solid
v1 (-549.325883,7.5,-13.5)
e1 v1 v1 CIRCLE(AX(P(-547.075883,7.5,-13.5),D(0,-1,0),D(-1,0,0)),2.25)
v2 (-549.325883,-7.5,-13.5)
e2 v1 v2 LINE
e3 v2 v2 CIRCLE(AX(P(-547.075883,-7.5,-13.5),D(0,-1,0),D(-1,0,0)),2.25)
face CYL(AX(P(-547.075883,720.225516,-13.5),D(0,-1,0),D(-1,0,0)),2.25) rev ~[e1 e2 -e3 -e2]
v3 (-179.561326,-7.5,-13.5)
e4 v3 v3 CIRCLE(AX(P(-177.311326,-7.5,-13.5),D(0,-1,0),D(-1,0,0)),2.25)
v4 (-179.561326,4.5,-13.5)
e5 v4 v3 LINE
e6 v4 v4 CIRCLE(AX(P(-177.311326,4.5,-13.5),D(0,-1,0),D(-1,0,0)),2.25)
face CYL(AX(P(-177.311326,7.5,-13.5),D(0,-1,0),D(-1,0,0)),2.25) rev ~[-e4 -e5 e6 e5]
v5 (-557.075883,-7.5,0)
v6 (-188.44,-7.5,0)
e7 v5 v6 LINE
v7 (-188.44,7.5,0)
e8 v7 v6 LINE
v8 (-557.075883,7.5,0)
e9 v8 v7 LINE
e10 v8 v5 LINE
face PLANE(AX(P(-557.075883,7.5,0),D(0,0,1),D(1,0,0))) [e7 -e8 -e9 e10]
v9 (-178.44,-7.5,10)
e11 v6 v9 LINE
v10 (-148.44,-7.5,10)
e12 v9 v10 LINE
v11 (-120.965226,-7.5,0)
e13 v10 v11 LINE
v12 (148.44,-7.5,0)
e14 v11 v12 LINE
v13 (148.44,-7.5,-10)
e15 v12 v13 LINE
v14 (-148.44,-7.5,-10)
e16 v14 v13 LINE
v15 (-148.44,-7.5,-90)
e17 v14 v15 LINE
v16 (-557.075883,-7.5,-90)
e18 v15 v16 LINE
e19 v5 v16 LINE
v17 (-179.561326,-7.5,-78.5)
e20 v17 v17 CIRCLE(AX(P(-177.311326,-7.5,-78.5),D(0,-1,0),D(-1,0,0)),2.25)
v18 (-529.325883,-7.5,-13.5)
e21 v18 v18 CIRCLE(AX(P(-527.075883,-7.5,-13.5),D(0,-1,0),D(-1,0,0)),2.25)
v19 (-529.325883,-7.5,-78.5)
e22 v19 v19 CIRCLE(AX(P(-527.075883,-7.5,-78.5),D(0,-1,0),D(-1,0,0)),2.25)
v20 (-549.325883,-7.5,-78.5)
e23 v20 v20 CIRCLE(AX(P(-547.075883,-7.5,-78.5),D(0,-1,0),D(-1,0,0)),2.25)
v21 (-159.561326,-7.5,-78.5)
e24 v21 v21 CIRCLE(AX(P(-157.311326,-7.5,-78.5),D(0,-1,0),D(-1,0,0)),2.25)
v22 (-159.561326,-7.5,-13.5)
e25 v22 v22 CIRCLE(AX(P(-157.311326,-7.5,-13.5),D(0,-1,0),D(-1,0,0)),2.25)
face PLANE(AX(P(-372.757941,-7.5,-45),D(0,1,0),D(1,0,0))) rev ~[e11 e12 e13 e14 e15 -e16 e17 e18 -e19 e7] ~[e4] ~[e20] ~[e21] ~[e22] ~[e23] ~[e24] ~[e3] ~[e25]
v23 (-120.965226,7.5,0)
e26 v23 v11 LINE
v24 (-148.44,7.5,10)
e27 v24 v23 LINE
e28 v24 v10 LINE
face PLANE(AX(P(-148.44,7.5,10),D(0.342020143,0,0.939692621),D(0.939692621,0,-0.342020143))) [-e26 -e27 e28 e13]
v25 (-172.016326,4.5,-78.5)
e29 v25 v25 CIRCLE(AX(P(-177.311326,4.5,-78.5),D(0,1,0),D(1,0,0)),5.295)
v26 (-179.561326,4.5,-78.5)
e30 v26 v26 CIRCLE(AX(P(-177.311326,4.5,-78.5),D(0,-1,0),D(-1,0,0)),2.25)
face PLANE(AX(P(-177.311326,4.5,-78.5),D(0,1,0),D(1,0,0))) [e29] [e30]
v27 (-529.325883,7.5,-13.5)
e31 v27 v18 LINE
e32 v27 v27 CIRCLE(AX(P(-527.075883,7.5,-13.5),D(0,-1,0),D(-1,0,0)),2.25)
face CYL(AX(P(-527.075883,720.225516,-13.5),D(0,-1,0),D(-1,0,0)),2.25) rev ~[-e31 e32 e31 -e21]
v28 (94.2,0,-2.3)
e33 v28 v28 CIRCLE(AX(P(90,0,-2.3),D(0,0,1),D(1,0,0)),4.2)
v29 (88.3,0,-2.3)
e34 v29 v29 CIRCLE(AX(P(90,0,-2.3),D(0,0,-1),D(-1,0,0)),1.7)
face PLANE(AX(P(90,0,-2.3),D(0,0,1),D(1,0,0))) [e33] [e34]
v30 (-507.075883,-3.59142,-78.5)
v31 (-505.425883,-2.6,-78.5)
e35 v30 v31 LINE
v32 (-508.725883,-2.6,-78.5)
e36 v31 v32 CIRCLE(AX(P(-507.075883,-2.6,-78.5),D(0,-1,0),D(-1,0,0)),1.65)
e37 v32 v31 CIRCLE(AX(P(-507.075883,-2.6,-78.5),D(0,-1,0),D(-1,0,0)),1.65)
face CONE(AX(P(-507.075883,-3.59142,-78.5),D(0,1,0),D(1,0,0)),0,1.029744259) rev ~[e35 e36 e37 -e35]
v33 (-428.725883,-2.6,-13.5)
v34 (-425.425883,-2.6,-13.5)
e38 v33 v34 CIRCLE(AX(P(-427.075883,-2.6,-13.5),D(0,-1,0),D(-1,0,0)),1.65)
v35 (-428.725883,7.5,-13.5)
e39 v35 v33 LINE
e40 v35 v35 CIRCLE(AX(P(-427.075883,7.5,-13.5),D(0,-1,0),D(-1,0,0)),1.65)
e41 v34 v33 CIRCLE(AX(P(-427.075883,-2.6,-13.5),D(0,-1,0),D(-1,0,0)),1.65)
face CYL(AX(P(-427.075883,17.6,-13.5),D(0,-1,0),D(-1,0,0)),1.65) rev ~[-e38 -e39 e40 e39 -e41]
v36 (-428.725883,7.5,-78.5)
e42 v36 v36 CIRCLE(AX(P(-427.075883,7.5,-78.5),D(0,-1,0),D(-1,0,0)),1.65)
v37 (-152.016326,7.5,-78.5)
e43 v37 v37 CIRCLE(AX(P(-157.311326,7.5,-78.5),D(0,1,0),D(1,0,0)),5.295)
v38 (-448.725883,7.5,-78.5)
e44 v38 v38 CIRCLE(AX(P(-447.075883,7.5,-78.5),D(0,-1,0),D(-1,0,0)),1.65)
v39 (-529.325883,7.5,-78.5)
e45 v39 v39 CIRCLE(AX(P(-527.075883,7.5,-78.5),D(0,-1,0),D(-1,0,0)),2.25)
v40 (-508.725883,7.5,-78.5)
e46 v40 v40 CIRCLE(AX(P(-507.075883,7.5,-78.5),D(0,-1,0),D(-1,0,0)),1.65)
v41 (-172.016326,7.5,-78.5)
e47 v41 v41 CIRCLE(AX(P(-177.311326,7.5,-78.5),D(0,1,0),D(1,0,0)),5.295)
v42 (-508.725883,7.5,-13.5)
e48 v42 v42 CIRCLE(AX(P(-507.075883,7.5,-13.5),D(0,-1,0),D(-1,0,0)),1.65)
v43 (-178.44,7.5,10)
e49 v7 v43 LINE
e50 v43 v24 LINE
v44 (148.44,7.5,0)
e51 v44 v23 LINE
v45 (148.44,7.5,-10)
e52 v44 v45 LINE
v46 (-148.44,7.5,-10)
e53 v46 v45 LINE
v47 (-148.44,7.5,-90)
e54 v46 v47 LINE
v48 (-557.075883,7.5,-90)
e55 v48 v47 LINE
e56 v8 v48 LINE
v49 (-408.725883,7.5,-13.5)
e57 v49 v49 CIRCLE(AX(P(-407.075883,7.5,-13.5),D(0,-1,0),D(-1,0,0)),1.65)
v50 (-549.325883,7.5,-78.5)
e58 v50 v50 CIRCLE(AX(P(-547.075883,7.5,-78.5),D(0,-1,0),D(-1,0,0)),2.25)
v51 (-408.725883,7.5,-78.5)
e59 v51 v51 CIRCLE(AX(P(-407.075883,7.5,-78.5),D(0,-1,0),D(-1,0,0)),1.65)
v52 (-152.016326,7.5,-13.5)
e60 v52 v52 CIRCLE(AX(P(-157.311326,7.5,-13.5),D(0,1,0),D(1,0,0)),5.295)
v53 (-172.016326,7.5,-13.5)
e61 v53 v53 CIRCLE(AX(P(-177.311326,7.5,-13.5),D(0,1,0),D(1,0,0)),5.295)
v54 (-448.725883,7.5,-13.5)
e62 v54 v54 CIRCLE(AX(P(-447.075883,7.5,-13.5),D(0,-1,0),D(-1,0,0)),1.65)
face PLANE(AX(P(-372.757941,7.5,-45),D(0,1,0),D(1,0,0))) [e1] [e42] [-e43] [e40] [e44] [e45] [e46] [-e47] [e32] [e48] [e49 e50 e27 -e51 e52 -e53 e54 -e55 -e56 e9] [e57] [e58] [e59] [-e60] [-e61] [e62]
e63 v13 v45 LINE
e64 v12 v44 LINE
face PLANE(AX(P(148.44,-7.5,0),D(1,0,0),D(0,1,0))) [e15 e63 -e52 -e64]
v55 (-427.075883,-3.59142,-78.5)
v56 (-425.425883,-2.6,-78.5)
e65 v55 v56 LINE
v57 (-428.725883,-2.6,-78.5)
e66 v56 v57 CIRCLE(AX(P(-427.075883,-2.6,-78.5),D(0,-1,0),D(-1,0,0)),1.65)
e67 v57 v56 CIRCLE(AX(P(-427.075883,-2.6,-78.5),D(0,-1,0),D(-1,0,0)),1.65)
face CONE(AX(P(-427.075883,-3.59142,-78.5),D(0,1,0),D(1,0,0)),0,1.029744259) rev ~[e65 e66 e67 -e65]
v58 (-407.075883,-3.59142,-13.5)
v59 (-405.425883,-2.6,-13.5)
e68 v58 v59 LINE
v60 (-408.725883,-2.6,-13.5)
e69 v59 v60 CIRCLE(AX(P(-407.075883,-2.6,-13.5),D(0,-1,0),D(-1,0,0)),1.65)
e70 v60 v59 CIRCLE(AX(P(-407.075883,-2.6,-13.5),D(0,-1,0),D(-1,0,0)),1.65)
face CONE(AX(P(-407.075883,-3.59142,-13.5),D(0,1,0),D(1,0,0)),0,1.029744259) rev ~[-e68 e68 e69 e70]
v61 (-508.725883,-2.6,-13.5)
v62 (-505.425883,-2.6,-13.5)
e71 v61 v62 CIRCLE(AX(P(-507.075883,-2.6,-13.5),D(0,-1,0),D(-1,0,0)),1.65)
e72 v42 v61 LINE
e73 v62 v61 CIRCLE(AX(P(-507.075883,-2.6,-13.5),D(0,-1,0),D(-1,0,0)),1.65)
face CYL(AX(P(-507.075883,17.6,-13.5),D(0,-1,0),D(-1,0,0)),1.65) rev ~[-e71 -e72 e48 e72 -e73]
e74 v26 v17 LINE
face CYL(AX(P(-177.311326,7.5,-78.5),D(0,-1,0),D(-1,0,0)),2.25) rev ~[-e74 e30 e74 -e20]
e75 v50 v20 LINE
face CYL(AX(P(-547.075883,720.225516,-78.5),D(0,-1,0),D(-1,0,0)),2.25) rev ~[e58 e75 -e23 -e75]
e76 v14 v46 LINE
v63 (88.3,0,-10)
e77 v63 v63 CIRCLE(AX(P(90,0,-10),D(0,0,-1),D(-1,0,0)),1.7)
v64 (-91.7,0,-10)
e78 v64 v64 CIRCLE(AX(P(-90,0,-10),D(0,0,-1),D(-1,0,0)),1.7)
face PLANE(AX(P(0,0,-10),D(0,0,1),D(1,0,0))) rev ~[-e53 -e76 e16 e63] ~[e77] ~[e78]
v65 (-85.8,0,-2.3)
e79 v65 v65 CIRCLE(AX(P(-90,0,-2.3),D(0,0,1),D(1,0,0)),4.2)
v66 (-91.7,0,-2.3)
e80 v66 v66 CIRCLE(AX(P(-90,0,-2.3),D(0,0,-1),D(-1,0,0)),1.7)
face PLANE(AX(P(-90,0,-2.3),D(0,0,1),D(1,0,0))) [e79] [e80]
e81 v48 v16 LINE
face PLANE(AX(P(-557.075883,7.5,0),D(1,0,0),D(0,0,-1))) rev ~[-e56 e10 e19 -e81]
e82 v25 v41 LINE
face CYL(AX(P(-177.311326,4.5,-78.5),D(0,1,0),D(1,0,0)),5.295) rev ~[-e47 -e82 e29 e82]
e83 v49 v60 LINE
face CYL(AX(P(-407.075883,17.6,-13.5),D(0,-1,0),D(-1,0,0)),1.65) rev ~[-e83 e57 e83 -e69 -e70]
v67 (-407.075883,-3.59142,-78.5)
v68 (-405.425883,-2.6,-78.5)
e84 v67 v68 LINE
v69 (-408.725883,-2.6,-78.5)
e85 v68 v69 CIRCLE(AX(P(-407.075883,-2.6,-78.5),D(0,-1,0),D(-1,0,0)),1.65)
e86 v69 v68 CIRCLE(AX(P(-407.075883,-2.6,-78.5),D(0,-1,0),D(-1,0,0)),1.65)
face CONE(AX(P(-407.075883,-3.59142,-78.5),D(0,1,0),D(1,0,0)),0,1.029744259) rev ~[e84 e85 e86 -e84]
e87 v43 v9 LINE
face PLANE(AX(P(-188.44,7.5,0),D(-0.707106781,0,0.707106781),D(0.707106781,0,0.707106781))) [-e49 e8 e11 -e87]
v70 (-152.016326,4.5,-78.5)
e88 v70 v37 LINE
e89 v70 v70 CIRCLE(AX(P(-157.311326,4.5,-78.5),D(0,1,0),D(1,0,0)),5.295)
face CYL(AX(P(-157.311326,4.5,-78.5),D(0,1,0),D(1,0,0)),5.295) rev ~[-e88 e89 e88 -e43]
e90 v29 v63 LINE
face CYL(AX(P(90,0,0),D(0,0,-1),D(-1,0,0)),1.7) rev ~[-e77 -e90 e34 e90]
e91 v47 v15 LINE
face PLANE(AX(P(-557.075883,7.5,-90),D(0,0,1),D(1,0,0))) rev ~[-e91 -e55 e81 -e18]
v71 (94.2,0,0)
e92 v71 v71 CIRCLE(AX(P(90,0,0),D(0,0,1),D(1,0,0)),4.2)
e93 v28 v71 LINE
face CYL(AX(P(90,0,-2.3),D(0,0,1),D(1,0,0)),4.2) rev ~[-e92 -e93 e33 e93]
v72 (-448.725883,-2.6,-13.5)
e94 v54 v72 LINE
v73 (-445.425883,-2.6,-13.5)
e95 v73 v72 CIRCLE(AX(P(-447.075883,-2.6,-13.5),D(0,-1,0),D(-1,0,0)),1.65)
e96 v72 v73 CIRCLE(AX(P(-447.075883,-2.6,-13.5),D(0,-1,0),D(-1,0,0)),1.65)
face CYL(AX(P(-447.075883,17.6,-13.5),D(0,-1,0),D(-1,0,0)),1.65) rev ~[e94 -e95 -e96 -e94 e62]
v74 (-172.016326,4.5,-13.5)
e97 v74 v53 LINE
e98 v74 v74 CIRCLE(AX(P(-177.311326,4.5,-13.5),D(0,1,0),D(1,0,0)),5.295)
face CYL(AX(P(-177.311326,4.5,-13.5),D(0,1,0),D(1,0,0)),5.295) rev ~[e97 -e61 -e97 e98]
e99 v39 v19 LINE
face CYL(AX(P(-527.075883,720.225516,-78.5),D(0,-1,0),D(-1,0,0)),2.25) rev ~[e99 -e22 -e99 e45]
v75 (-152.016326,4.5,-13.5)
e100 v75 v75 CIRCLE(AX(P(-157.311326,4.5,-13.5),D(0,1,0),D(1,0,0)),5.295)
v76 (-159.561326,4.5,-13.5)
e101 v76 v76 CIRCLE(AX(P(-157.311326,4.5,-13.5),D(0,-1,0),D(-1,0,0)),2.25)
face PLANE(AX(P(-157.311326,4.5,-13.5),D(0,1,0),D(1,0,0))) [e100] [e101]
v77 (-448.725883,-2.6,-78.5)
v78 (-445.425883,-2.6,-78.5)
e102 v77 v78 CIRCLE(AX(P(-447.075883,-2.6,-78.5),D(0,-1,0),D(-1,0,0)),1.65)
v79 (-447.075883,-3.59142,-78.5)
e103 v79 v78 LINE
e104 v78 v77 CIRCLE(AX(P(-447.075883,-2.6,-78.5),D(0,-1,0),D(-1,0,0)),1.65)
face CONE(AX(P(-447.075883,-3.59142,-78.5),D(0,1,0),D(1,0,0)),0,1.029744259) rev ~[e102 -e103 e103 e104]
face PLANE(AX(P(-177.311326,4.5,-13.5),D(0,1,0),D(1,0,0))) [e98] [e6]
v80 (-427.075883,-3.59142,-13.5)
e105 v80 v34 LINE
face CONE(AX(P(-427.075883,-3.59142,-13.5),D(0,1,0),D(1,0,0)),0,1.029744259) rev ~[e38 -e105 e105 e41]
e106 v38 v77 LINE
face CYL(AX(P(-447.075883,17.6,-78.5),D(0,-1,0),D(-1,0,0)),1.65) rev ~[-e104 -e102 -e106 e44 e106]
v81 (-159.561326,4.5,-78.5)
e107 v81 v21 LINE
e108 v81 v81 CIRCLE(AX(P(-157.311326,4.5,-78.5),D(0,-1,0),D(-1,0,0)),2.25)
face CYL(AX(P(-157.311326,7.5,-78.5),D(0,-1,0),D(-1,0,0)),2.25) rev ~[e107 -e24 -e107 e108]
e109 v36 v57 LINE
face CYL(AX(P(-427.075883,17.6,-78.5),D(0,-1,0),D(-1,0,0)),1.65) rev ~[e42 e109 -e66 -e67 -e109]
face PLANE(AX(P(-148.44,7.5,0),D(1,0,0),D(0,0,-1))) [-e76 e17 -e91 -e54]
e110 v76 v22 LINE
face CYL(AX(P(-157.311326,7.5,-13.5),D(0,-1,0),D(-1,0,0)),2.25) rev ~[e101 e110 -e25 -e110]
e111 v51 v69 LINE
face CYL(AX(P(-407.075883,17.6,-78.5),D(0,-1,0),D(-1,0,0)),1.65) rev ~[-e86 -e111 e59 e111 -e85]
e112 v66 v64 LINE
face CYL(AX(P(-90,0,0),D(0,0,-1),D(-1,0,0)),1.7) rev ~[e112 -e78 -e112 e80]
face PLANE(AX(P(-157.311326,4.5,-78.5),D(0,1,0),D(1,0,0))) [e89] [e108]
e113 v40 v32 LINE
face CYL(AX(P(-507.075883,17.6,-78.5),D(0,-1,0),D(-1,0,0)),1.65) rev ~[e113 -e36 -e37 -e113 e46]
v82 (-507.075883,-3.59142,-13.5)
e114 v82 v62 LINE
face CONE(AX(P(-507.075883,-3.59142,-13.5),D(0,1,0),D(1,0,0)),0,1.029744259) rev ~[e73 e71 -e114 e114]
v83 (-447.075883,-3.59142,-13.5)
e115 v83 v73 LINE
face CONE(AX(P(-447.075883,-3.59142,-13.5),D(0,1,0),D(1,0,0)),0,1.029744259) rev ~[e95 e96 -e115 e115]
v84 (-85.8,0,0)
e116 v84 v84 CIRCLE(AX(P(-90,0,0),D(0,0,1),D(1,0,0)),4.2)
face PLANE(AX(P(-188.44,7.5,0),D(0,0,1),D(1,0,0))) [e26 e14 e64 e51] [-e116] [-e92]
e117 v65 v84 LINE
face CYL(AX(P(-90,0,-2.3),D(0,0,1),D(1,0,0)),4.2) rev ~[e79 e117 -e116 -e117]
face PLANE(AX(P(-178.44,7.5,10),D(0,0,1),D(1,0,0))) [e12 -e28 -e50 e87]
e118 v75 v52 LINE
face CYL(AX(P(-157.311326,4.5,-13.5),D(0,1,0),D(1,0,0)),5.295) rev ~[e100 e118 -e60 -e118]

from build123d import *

# Parameters (mm, degrees)
SKETCH1_W                                        = 296.88
SKETCH1_H                                        = 15
BOSS_EXTRUDE1_DEPTH                              = 10
CBORE_FOR_M3_HEX_HEAD_MACHINE_SCREW1_D           = 3.4
CBORE_FOR_M3_HEX_HEAD_MACHINE_SCREW1_CBORE_D     = 8.4
CBORE_FOR_M3_HEX_HEAD_MACHINE_SCREW1_CBORE_DEPTH = 2.3
SKETCH5_W                                        = 40
SKETCH5_H                                        = 90
BOSS_EXTRUDE2_DEPTH                              = 15
CBORE_FOR_M4_HEX_HEAD_MACHINE_SCREW1_D           = 4.5
CBORE_FOR_M4_HEX_HEAD_MACHINE_SCREW1_CBORE_D     = 10.59
CBORE_FOR_M4_HEX_HEAD_MACHINE_SCREW1_CBORE_DEPTH = 3
BOSS_EXTRUDE3_DEPTH                              = 15
SKETCH13_W                                       = 368.635882897
SKETCH13_H                                       = 90
BOSS_EXTRUDE4_DEPTH                              = 15
M4_CLEARANCE_HOLE1_D                             = 4.5
M4X0_7_TAPPED_HOLE1_D                            = 3.3
M4X0_7_TAPPED_HOLE1_DEPTH                        = 10.1
M4X0_7_TAPPED_HOLE1_TIP                          = 0.991420021


with BuildPart() as part:
    # Sketch1 → Boss-Extrude1 (new body)
    with BuildSketch(Plane.XY):
        Rectangle(SKETCH1_W, SKETCH1_H)
    extrude(amount=-BOSS_EXTRUDE1_DEPTH)

    # CBORE for M3 Hex Head Machine Screw1 (through all)
    with Locations(Plane.XY):
        with Locations((-90, 0), (90, 0)):
            CounterBoreHole(CBORE_FOR_M3_HEX_HEAD_MACHINE_SCREW1_D / 2, CBORE_FOR_M3_HEX_HEAD_MACHINE_SCREW1_CBORE_D / 2, CBORE_FOR_M3_HEX_HEAD_MACHINE_SCREW1_CBORE_DEPTH)

    # Sketch5 → Boss-Extrude2 (add)
    with BuildSketch(Plane(origin=(0, 7.5, 0), x_dir=(1, 0, 0), z_dir=(0, 1, 0))):
        with Locations((-168.44, 45)):
            Rectangle(SKETCH5_W, SKETCH5_H)
    extrude(amount=-BOSS_EXTRUDE2_DEPTH)

    # CBORE for M4 Hex Head Machine Screw1 (through all)
    with Locations(Plane(origin=(0, 7.5, 0), x_dir=(1, 0, 0), z_dir=(0, 1, 0))):
        with Locations((-177.311326024, 13.5), (-157.311326024, 13.5), (-177.311326024, 78.5), (-157.311326024, 78.5)):
            CounterBoreHole(CBORE_FOR_M4_HEX_HEAD_MACHINE_SCREW1_D / 2, CBORE_FOR_M4_HEX_HEAD_MACHINE_SCREW1_CBORE_D / 2, CBORE_FOR_M4_HEX_HEAD_MACHINE_SCREW1_CBORE_DEPTH)

    # Sketch12 → Boss-Extrude3 (add)
    with BuildSketch(Plane(origin=(0, 7.5, 0), x_dir=(1, 0, 0), z_dir=(0, 1, 0))):
        Polygon((-188.44, 0), (-178.44, -10), (-148.44, -10), (-120.965225805, 0), align=None)
    extrude(amount=-BOSS_EXTRUDE3_DEPTH)

    # Sketch13 → Boss-Extrude4 (add)
    with BuildSketch(Plane(origin=(0, 7.5, 0), x_dir=(1, 0, 0), z_dir=(0, 1, 0))):
        with Locations((-372.757941448, 45)):
            Rectangle(SKETCH13_W, SKETCH13_H)
    extrude(amount=-BOSS_EXTRUDE4_DEPTH)

    # M4 Clearance Hole1 (through all)
    with Locations(Plane(origin=(0, 7.5, 0), x_dir=(1, 0, 0), z_dir=(0, 1, 0))):
        with Locations((-547.075882897, 78.5), (-527.075882897, 78.5), (-527.075882897, 13.5), (-547.075882897, 13.5)):
            Hole(M4_CLEARANCE_HOLE1_D / 2)

    # M4x0.7 Tapped Hole1
    with Locations(Plane(origin=(0, 7.5, 0), x_dir=(1, 0, 0), z_dir=(0, 1, 0))):
        with Locations((-507.075882897, 78.5), (-507.075882897, 13.5), (-447.075882897, 13.5), (-427.075882897, 13.5), (-407.075882897, 13.5), (-407.075882897, 78.5), (-427.075882897, 78.5), (-447.075882897, 78.5)):
            Hole(M4X0_7_TAPPED_HOLE1_D / 2, depth=M4X0_7_TAPPED_HOLE1_DEPTH)
            with Locations((0, 0, -(M4X0_7_TAPPED_HOLE1_DEPTH + M4X0_7_TAPPED_HOLE1_TIP / 2))):  # 118° drill point
                Cone(0, M4X0_7_TAPPED_HOLE1_D / 2, M4X0_7_TAPPED_HOLE1_TIP, mode=Mode.SUBTRACT)


solid = part.part
